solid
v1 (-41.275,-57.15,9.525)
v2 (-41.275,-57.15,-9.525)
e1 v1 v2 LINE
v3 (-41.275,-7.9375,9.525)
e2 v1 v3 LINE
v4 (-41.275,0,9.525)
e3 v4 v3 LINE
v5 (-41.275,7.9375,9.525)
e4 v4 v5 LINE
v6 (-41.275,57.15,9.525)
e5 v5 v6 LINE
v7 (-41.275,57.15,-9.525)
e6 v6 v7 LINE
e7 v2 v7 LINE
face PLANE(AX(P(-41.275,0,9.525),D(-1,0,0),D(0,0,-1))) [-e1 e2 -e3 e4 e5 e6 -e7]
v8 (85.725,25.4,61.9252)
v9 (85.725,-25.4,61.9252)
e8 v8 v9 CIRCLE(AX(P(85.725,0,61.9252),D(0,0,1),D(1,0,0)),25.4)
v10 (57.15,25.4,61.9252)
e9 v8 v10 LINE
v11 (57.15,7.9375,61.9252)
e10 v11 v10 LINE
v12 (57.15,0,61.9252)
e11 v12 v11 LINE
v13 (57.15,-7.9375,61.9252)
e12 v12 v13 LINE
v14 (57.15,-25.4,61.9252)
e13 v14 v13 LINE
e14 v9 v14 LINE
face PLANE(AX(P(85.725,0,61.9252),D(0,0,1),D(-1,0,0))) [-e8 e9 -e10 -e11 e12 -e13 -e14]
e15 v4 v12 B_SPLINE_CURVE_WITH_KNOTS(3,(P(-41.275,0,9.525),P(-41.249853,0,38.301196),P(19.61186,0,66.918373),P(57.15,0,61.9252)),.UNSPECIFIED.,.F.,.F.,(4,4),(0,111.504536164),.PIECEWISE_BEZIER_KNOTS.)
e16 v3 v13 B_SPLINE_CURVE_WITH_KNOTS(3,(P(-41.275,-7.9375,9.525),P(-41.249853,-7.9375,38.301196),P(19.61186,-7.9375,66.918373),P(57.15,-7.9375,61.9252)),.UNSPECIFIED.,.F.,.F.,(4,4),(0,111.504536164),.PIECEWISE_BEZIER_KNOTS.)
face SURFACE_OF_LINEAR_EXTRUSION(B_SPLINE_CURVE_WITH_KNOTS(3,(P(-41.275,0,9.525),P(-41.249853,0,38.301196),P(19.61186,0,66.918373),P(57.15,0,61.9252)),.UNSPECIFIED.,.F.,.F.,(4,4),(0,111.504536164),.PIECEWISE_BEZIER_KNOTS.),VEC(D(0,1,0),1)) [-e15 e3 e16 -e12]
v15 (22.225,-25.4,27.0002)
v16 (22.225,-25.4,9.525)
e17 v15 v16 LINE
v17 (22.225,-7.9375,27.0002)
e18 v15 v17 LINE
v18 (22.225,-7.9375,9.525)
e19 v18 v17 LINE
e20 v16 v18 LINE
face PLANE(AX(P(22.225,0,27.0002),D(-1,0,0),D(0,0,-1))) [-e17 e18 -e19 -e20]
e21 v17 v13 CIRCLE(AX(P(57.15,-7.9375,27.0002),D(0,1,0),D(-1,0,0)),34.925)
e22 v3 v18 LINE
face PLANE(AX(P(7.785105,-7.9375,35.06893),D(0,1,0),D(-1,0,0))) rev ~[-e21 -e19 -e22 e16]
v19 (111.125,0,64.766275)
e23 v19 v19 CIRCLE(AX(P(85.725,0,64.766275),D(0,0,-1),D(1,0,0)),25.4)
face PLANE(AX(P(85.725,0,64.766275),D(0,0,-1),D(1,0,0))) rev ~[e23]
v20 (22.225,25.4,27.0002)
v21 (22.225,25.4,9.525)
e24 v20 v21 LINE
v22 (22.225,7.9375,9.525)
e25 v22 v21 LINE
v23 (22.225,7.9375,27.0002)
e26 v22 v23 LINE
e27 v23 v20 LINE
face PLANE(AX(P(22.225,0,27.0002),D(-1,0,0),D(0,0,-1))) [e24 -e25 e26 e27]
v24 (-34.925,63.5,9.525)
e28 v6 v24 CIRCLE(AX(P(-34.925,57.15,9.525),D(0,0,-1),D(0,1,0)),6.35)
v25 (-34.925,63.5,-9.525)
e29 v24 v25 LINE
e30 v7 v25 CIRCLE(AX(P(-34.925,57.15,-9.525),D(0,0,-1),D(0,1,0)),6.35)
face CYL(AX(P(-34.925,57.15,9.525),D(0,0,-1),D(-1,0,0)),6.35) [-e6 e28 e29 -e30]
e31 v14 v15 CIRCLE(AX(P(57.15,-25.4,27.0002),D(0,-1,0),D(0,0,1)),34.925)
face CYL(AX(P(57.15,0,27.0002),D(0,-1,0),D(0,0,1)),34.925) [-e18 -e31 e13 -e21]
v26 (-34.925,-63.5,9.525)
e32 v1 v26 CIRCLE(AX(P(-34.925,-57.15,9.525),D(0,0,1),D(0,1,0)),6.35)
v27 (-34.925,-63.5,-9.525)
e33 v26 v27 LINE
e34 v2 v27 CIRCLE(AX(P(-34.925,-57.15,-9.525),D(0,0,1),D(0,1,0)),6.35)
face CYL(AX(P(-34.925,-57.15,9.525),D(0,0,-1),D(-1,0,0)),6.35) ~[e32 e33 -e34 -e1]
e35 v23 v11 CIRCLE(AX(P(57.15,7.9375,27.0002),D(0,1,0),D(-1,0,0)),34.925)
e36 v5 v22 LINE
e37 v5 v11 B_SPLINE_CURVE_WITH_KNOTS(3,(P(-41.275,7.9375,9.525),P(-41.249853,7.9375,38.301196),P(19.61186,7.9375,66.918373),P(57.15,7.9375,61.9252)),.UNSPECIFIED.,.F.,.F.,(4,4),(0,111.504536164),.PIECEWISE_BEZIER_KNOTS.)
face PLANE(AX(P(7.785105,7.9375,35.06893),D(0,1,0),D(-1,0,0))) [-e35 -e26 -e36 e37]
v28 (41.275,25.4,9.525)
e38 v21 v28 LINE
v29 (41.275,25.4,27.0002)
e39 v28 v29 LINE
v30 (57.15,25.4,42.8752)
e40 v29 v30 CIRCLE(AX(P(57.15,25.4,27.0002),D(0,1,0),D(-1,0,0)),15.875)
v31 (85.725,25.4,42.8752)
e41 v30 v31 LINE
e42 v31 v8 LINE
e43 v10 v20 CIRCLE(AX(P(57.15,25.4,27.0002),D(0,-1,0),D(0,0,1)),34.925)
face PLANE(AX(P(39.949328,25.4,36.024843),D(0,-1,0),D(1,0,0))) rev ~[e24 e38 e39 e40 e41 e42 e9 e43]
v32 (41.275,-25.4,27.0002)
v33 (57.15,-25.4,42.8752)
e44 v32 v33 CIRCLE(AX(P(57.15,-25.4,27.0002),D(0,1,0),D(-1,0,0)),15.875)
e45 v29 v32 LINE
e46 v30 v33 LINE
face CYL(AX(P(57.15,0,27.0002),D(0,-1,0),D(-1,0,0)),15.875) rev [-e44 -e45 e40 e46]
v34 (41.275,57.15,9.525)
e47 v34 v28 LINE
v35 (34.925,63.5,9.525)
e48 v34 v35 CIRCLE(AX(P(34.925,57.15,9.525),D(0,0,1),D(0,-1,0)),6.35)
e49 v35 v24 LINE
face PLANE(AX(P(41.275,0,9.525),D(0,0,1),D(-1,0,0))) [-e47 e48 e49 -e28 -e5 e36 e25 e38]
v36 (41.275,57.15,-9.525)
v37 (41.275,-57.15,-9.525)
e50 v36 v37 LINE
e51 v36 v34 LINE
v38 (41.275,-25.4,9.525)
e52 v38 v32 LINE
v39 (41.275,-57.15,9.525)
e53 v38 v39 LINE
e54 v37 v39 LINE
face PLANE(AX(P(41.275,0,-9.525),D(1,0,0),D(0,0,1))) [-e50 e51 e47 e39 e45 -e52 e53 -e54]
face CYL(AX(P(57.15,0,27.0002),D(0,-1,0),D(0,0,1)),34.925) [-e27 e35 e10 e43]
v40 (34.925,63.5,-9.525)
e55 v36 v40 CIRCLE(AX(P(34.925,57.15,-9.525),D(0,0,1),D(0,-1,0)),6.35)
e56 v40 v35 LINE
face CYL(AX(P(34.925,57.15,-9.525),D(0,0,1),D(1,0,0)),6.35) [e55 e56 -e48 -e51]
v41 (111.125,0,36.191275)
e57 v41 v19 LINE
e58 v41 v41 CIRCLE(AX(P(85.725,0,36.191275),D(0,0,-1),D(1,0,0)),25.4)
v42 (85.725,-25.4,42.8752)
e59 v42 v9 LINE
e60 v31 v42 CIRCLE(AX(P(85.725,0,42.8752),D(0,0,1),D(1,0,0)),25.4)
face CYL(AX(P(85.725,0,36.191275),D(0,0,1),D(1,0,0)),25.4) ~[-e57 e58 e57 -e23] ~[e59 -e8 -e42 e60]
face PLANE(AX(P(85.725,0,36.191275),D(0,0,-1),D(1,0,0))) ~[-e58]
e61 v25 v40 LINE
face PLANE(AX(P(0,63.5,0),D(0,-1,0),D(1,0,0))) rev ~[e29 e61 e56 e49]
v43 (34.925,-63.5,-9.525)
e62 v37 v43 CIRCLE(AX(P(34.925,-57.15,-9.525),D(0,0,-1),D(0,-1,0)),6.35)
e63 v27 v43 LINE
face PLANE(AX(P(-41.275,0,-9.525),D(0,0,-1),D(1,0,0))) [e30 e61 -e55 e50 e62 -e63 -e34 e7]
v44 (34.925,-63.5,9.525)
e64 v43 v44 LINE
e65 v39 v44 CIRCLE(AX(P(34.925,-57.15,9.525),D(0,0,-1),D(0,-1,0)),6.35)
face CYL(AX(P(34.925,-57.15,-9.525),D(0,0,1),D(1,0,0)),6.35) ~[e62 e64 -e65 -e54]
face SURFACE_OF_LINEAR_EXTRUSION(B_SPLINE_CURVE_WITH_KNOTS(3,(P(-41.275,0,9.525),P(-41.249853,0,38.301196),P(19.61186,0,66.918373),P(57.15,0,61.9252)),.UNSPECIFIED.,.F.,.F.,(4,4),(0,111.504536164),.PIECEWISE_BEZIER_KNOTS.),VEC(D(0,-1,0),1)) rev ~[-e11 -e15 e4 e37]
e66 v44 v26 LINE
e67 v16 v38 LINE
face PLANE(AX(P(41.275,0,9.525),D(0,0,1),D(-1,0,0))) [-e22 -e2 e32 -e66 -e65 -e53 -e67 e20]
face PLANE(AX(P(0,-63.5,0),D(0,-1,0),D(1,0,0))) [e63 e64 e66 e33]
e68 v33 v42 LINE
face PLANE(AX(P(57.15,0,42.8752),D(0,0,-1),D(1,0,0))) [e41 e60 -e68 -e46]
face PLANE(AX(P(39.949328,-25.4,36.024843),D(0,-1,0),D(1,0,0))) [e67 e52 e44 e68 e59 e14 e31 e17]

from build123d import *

# Parameters (mm, degrees)
F1_DEPTH = 63.5
F2_DEPTH = 25.4
F3_DEPTH = 7.9375
F5_R     = 6.35


with BuildPart() as f1:
    # F0 (on Front) → F1 (new body, symmetric)
    with BuildSketch(Plane.XZ):
        Polygon((-41.275, -9.525), (41.275, -9.525), (41.275, 9.525), (22.225, 9.525), (-41.275, 9.525), align=None)
    extrude(amount=F1_DEPTH, both=True)

    # F0 (on Front) → F2 (join, symmetric)
    with BuildSketch(Plane.XZ):
        with BuildLine():
            Line((22.225, 9.525), (41.275, 9.525))
            Line((41.275, 9.525), (41.275, 27.0002))
            ThreePointArc((41.275, 27.0002), (45.9246798487, 38.2255201513), (57.15, 42.8752))
            Line((57.15, 42.8752), (60.325, 42.8752))
            Line((60.325, 42.8752), (60.325, 61.9252))
            Line((60.325, 61.9252), (57.15, 61.9252))
            ThreePointArc((57.15, 61.9252), (32.4542956671, 51.6959043329), (22.225, 27.0002))
            Line((22.225, 27.0002), (22.225, 9.525))
        make_face()
        Polygon((85.725, 61.9252), (60.325, 61.9252), (60.325, 42.8752), (85.725, 42.8752), (85.725, 50.4787749963), align=None)
    extrude(amount=F2_DEPTH, both=True)

    # F0 (on Front) → F3 (join, symmetric)
    with BuildSketch(Plane.XZ):
        with BuildLine():
            add(Edge.make_bspline(
                [(-41.275, 9.525), (-41.2498526275, 38.3011959493), (19.6118596941, 66.9183731079), (57.15, 61.9252)],
                knots=[0, 0, 0, 0, 111.5045361635, 111.5045361635, 111.5045361635, 111.5045361635], degree=3))
            Line((-41.275, 9.525), (22.225, 9.525))
            Line((22.225, 9.525), (22.225, 27.0002))
            ThreePointArc((22.225, 27.0002), (32.4542956671, 51.6959043329), (57.15, 61.9252))
        make_face()
    extrude(amount=F3_DEPTH, both=True)

    # F0 (on Front) → F4 (revolve)
    with BuildSketch(Plane.XZ):
        Polygon((85.725, 64.7662749963), (85.725, 61.9252), (85.725, 50.4787749963), (85.725, 42.8752), (85.725, 36.1912749963), (111.125, 36.1912749963), (111.125, 64.7662749963), align=None)
    revolve(axis=Axis((85.725, 0, 50.4787749963), (0, 0, -1)))

    # F5
    f5_edges = [f1.edges().sort_by_distance(p)[0] for p in [
        (-41.275, -63.5, 0),
        (41.275, -63.5, 0),
        (41.275, 63.5, 0),
        (-41.275, 63.5, 0),
    ]]
    fillet(f5_edges, radius=F5_R)


solid = f1.part
